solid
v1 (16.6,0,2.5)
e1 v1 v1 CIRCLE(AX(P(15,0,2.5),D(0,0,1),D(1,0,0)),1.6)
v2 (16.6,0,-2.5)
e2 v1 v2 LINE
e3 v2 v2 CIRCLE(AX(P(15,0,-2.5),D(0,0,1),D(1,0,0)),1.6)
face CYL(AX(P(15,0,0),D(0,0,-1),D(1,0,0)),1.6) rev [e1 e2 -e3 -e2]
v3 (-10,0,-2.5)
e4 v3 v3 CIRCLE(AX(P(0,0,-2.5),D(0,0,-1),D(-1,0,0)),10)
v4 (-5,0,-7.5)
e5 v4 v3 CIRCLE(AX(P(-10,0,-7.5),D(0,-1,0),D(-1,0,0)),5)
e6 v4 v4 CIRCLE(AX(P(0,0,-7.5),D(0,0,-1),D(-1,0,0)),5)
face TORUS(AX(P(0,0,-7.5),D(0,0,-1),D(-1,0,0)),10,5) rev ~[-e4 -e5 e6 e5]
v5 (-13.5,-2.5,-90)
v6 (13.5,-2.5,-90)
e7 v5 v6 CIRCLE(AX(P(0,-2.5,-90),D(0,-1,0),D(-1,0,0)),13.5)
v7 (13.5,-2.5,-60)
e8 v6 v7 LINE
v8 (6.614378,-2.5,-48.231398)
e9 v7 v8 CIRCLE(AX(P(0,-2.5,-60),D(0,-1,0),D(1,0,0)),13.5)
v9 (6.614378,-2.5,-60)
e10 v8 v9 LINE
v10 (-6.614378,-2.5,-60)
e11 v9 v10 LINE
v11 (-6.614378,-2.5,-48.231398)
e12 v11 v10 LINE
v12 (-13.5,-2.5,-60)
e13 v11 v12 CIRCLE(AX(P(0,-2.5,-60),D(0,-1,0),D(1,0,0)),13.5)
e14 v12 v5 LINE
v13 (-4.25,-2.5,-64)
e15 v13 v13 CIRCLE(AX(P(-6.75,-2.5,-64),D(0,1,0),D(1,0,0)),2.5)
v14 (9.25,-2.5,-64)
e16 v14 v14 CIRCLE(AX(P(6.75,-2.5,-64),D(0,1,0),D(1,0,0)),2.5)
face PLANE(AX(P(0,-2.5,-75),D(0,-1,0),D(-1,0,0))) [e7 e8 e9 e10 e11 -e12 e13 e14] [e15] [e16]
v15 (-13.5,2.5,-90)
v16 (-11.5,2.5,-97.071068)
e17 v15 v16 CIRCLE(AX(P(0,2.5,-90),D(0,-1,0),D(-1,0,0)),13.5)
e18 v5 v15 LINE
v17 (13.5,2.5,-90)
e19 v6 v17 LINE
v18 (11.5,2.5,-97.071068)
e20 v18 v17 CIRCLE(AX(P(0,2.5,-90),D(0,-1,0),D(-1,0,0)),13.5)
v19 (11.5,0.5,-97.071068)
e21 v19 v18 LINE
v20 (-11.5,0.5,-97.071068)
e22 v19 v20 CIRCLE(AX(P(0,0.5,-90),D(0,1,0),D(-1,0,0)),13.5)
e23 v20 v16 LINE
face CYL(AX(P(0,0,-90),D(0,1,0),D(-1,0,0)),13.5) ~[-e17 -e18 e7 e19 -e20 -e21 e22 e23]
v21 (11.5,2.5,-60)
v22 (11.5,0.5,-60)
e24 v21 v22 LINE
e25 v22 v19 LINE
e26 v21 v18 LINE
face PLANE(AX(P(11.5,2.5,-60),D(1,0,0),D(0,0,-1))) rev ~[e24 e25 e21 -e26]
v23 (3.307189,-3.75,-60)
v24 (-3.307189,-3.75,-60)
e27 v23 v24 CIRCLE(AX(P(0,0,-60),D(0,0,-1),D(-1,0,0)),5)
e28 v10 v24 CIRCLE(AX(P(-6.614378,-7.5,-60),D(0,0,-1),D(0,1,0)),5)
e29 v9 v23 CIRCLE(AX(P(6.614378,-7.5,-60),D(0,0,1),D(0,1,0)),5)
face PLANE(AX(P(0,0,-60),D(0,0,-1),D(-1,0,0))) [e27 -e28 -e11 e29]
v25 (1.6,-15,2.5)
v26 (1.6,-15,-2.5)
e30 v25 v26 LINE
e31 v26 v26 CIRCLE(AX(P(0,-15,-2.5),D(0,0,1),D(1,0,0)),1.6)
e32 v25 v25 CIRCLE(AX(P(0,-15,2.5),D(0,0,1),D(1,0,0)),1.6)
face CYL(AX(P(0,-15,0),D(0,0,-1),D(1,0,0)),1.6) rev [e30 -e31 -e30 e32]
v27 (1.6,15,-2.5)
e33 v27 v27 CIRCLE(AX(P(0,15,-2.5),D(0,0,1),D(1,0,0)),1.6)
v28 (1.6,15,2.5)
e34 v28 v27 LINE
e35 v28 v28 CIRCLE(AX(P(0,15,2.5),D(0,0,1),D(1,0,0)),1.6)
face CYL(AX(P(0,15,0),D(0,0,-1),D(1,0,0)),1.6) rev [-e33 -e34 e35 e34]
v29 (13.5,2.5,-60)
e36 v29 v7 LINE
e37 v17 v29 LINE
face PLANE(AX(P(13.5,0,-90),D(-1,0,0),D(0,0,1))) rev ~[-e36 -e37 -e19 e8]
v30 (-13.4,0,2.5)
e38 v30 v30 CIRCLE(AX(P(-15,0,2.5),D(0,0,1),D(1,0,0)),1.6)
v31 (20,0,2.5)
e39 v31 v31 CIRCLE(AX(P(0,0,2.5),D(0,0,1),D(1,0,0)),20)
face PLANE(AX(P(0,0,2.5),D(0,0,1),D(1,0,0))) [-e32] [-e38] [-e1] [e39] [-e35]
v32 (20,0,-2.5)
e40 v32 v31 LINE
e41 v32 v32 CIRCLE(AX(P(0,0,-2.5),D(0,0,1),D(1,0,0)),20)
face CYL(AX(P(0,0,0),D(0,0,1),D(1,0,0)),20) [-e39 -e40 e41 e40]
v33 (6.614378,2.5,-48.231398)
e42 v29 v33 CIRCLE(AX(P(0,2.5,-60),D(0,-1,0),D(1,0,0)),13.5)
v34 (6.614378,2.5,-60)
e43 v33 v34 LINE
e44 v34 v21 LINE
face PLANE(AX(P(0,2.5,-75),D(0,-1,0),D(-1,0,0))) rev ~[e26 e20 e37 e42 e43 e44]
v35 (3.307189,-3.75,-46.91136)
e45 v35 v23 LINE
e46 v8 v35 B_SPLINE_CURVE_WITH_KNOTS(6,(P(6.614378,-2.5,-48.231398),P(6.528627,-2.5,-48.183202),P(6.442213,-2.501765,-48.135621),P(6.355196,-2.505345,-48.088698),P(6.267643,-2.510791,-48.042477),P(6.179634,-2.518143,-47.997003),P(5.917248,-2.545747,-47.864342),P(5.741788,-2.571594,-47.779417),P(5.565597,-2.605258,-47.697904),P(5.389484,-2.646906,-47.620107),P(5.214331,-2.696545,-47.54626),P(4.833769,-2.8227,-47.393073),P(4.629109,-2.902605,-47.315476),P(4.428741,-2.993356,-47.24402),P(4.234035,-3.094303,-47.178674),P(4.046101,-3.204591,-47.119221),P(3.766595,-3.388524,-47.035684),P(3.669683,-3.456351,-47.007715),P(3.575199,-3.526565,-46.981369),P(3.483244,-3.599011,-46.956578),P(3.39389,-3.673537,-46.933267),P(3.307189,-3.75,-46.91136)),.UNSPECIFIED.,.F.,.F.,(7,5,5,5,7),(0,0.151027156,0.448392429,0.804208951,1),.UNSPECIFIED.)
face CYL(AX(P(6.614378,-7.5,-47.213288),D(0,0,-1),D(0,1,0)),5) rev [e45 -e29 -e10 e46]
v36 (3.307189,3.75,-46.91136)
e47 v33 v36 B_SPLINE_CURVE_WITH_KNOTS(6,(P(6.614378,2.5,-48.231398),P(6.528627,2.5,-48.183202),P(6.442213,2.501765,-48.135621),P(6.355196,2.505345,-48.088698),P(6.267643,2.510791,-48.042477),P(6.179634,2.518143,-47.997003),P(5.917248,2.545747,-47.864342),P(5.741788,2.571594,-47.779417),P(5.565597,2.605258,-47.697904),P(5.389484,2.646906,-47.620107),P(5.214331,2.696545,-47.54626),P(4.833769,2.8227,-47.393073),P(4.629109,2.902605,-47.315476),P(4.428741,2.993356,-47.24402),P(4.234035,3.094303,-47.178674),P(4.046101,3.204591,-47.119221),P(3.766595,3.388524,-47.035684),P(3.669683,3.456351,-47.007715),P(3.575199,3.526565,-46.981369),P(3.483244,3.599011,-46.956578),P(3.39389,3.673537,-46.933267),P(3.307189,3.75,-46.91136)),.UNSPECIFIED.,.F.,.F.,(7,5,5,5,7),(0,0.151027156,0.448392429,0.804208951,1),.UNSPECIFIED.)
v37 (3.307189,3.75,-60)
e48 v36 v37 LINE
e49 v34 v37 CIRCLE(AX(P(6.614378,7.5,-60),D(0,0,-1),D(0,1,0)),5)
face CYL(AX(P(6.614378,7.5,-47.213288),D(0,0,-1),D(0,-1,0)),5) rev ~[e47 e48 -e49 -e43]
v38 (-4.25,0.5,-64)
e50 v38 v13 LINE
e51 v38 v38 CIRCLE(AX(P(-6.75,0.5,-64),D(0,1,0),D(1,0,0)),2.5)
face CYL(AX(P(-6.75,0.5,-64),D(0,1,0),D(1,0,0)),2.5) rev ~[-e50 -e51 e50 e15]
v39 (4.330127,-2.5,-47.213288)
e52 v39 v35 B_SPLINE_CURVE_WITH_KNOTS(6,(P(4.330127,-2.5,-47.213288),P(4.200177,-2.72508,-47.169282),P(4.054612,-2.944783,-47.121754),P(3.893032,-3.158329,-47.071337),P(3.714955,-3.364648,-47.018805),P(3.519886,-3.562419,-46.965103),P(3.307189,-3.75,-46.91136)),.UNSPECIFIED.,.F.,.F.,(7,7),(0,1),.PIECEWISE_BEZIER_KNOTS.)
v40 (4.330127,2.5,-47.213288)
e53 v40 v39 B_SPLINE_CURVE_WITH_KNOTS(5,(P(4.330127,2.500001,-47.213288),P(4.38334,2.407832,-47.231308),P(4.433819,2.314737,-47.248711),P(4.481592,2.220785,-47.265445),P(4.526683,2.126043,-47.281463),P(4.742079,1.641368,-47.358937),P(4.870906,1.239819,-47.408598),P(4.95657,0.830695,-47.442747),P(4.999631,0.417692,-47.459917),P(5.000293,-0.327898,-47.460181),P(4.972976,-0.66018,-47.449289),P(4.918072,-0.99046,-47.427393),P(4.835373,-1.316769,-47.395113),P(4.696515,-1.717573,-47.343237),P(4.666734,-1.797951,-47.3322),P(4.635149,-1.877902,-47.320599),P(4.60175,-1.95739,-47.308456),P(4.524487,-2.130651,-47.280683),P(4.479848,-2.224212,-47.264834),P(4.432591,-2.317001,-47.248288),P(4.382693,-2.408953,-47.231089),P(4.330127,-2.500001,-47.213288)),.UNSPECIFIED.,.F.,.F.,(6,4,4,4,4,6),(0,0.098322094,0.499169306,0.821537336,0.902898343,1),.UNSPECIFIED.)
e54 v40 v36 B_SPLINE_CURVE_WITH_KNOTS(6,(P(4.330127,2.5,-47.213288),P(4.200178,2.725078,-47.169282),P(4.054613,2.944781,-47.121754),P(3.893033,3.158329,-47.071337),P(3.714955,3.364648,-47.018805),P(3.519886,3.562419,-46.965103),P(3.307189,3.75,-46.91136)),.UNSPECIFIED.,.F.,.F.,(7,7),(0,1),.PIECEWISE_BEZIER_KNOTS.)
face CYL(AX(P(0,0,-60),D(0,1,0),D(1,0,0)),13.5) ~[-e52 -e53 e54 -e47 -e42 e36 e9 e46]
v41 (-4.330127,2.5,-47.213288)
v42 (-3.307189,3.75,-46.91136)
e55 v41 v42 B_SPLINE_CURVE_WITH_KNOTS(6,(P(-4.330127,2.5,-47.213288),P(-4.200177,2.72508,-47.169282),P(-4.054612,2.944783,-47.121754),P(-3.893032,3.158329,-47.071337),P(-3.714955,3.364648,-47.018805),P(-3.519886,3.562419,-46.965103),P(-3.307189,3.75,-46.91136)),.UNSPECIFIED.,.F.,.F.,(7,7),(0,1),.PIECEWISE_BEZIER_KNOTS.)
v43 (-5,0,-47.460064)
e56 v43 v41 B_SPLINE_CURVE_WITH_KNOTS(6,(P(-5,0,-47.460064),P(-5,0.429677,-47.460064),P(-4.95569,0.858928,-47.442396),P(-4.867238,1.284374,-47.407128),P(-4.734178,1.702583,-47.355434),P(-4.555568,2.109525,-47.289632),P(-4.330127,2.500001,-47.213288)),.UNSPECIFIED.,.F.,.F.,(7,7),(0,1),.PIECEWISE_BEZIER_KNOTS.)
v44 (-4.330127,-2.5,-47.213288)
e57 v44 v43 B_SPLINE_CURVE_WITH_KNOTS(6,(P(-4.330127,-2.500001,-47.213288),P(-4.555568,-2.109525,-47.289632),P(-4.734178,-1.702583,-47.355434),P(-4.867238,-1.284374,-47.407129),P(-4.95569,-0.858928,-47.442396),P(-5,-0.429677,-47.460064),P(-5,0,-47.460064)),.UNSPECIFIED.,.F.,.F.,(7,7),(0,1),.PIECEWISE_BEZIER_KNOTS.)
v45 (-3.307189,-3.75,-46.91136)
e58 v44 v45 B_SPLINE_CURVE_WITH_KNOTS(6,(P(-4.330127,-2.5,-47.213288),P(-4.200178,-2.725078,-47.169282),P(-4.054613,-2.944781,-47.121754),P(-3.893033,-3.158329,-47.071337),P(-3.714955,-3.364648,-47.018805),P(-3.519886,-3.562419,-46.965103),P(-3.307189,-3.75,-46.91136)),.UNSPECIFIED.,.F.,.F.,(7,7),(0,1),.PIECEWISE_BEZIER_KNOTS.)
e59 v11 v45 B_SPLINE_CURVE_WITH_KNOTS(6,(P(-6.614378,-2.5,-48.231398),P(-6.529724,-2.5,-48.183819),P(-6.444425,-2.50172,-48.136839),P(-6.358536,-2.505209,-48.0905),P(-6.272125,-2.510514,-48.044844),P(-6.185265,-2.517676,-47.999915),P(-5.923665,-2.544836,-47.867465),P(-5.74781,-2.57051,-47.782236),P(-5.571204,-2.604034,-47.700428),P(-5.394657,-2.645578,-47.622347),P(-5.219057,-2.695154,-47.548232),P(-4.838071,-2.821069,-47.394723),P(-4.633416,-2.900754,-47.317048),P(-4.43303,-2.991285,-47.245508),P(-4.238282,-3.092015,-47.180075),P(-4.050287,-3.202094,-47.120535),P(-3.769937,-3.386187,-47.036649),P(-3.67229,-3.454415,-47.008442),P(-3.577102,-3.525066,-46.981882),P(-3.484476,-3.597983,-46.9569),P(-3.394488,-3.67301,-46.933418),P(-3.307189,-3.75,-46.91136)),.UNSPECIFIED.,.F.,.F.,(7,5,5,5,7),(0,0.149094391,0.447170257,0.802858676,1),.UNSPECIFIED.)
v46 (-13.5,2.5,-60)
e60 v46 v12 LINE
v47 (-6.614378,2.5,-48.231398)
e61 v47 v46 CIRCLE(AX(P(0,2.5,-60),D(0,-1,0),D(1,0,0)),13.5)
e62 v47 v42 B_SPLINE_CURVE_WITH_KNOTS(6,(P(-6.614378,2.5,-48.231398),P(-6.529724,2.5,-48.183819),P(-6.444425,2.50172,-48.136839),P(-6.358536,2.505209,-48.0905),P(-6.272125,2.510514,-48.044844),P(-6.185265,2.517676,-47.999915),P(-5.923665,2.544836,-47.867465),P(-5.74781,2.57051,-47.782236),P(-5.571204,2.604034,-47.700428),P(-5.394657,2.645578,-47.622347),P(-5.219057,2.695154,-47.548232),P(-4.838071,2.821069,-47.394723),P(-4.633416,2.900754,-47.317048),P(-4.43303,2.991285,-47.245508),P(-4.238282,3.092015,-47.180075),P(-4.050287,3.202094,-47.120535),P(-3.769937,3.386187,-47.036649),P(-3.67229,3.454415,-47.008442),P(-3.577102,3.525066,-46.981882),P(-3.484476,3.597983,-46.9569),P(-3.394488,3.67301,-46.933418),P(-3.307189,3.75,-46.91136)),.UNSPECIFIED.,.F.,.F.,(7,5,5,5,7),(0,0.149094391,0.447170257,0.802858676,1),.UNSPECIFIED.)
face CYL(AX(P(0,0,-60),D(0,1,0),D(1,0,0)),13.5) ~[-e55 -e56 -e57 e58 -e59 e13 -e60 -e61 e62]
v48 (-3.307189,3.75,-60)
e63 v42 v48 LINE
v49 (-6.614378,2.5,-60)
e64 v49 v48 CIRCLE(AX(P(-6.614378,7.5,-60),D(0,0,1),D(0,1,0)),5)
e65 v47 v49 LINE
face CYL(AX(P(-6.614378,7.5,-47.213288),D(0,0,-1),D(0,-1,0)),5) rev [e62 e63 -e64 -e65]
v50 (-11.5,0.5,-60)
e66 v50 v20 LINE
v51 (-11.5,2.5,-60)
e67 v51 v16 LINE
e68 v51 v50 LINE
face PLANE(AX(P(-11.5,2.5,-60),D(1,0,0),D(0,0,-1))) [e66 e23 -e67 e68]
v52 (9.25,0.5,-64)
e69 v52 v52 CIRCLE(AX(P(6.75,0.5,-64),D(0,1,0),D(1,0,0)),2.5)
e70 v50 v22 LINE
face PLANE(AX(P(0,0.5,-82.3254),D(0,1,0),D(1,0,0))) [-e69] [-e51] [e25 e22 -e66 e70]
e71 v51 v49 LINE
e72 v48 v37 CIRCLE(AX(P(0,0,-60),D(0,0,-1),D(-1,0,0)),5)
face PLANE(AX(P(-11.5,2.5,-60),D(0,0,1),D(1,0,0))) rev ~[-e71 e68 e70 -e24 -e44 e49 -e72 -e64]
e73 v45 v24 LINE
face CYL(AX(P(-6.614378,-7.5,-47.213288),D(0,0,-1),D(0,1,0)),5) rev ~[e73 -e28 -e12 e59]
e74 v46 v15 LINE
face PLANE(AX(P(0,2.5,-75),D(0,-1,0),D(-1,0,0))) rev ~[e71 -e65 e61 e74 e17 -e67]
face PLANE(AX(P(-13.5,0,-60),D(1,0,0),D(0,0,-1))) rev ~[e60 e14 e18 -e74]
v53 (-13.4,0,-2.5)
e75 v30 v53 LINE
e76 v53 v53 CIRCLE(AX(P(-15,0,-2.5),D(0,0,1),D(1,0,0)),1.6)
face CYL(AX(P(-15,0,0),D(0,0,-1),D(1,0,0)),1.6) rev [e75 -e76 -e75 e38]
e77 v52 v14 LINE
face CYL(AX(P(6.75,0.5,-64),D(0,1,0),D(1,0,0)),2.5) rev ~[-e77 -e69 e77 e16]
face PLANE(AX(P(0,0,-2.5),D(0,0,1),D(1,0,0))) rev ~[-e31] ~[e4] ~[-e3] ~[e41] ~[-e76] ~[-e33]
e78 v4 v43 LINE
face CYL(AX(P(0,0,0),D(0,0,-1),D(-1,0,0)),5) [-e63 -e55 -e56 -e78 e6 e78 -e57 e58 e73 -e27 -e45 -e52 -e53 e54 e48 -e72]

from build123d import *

# Parameters (mm, degrees)
SKETCH_1_R          = 20
SKETCH_1_R_2        = 1.6
EXTRUDE_1_DEPTH     = 2.5
SWEEP_1_PROFILE_R   = 5
EXTRUDE_2_DEPTH     = 2.5
SKETCH_10_W         = 23
SKETCH_10_H         = 44.650800955
CUT_EXTRUDE_1_DEPTH = 2
SKETCH_11_R         = 2.5
CUT_EXTRUDE_2_DEPTH = 21.5
FILLET_1_R          = 5


with BuildPart() as part:
    # 草图1 → 凸台-拉伸1 (new body, symmetric)
    with BuildSketch(Plane.XY):
        Circle(SKETCH_1_R)
        with Locations((0, 15)):
            Circle(SKETCH_1_R_2, mode=Mode.SUBTRACT)
        with Locations((15, 0)):
            Circle(SKETCH_1_R_2, mode=Mode.SUBTRACT)
        with Locations((0, -15)):
            Circle(SKETCH_1_R_2, mode=Mode.SUBTRACT)
        with Locations((-15, 0)):
            Circle(SKETCH_1_R_2, mode=Mode.SUBTRACT)
    extrude(amount=EXTRUDE_1_DEPTH, both=True)

    # 扫描1: sweep along a path in 草图4
    with BuildLine(Plane(origin=(0, 0, 0), x_dir=(1, 0, 0), z_dir=(0, 1, 0))) as sweep_1_path:
        Line((0, 0), (0, 60))
    # 扫描1 profile (on start of the path) → 扫描1 (sweep)
    with BuildSketch(Plane(origin=(0, 0, 0), x_dir=(-1, 0, 0), z_dir=(0, 0, -1))):
        Circle(SWEEP_1_PROFILE_R)
    sweep(path=sweep_1_path.line)

    # 草图9 → 凸台-拉伸2 (add, symmetric)
    with BuildSketch(Plane(origin=(0, 0, 0), x_dir=(1, 0, 0), z_dir=(0, 1, 0))):
        with BuildLine():
            Line((13.5, 90), (13.5, 60))
            ThreePointArc((13.5, 60), (0, 46.5), (-13.5, 60))
            Line((-13.5, 60), (-13.5, 90))
            ThreePointArc((-13.5, 90), (0, 103.5), (13.5, 90))
        make_face()
    extrude(amount=EXTRUDE_2_DEPTH, both=True)

    # 草图10 → 切除-拉伸1 (cut)
    with BuildSketch(Plane(origin=(0, 2.5, 0), x_dir=(1, 0, 0), z_dir=(0, 1, 0))):
        with Locations((0, 82.325400478)):
            Rectangle(SKETCH_10_W, SKETCH_10_H)
    extrude(amount=-CUT_EXTRUDE_1_DEPTH, mode=Mode.SUBTRACT)

    # 草图11 → 切除-拉伸2 (cut, through all)
    with BuildSketch(Plane(origin=(0, 0.5, 0), x_dir=(1, 0, 0), z_dir=(0, 1, 0))):
        with Locations((-6.75, 64)):
            Circle(SKETCH_11_R)
        with Locations((6.75, 64)):
            Circle(SKETCH_11_R)
    extrude(amount=-CUT_EXTRUDE_2_DEPTH, mode=Mode.SUBTRACT)

    # 圆角1
    fillet_1_edges = [part.edges().sort_by_distance(p)[0] for p in [
        (5, 0, -2.5),
        (4.330127019, -2.5, -53.606644074),
        (-4.330127019, -2.5, -53.606644074),
        (4.330127019, 2.5, -53.606644074),
        (-4.330127019, 2.5, -53.606644074),
    ]]
    fillet(fillet_1_edges, radius=FILLET_1_R)


solid = part.part
